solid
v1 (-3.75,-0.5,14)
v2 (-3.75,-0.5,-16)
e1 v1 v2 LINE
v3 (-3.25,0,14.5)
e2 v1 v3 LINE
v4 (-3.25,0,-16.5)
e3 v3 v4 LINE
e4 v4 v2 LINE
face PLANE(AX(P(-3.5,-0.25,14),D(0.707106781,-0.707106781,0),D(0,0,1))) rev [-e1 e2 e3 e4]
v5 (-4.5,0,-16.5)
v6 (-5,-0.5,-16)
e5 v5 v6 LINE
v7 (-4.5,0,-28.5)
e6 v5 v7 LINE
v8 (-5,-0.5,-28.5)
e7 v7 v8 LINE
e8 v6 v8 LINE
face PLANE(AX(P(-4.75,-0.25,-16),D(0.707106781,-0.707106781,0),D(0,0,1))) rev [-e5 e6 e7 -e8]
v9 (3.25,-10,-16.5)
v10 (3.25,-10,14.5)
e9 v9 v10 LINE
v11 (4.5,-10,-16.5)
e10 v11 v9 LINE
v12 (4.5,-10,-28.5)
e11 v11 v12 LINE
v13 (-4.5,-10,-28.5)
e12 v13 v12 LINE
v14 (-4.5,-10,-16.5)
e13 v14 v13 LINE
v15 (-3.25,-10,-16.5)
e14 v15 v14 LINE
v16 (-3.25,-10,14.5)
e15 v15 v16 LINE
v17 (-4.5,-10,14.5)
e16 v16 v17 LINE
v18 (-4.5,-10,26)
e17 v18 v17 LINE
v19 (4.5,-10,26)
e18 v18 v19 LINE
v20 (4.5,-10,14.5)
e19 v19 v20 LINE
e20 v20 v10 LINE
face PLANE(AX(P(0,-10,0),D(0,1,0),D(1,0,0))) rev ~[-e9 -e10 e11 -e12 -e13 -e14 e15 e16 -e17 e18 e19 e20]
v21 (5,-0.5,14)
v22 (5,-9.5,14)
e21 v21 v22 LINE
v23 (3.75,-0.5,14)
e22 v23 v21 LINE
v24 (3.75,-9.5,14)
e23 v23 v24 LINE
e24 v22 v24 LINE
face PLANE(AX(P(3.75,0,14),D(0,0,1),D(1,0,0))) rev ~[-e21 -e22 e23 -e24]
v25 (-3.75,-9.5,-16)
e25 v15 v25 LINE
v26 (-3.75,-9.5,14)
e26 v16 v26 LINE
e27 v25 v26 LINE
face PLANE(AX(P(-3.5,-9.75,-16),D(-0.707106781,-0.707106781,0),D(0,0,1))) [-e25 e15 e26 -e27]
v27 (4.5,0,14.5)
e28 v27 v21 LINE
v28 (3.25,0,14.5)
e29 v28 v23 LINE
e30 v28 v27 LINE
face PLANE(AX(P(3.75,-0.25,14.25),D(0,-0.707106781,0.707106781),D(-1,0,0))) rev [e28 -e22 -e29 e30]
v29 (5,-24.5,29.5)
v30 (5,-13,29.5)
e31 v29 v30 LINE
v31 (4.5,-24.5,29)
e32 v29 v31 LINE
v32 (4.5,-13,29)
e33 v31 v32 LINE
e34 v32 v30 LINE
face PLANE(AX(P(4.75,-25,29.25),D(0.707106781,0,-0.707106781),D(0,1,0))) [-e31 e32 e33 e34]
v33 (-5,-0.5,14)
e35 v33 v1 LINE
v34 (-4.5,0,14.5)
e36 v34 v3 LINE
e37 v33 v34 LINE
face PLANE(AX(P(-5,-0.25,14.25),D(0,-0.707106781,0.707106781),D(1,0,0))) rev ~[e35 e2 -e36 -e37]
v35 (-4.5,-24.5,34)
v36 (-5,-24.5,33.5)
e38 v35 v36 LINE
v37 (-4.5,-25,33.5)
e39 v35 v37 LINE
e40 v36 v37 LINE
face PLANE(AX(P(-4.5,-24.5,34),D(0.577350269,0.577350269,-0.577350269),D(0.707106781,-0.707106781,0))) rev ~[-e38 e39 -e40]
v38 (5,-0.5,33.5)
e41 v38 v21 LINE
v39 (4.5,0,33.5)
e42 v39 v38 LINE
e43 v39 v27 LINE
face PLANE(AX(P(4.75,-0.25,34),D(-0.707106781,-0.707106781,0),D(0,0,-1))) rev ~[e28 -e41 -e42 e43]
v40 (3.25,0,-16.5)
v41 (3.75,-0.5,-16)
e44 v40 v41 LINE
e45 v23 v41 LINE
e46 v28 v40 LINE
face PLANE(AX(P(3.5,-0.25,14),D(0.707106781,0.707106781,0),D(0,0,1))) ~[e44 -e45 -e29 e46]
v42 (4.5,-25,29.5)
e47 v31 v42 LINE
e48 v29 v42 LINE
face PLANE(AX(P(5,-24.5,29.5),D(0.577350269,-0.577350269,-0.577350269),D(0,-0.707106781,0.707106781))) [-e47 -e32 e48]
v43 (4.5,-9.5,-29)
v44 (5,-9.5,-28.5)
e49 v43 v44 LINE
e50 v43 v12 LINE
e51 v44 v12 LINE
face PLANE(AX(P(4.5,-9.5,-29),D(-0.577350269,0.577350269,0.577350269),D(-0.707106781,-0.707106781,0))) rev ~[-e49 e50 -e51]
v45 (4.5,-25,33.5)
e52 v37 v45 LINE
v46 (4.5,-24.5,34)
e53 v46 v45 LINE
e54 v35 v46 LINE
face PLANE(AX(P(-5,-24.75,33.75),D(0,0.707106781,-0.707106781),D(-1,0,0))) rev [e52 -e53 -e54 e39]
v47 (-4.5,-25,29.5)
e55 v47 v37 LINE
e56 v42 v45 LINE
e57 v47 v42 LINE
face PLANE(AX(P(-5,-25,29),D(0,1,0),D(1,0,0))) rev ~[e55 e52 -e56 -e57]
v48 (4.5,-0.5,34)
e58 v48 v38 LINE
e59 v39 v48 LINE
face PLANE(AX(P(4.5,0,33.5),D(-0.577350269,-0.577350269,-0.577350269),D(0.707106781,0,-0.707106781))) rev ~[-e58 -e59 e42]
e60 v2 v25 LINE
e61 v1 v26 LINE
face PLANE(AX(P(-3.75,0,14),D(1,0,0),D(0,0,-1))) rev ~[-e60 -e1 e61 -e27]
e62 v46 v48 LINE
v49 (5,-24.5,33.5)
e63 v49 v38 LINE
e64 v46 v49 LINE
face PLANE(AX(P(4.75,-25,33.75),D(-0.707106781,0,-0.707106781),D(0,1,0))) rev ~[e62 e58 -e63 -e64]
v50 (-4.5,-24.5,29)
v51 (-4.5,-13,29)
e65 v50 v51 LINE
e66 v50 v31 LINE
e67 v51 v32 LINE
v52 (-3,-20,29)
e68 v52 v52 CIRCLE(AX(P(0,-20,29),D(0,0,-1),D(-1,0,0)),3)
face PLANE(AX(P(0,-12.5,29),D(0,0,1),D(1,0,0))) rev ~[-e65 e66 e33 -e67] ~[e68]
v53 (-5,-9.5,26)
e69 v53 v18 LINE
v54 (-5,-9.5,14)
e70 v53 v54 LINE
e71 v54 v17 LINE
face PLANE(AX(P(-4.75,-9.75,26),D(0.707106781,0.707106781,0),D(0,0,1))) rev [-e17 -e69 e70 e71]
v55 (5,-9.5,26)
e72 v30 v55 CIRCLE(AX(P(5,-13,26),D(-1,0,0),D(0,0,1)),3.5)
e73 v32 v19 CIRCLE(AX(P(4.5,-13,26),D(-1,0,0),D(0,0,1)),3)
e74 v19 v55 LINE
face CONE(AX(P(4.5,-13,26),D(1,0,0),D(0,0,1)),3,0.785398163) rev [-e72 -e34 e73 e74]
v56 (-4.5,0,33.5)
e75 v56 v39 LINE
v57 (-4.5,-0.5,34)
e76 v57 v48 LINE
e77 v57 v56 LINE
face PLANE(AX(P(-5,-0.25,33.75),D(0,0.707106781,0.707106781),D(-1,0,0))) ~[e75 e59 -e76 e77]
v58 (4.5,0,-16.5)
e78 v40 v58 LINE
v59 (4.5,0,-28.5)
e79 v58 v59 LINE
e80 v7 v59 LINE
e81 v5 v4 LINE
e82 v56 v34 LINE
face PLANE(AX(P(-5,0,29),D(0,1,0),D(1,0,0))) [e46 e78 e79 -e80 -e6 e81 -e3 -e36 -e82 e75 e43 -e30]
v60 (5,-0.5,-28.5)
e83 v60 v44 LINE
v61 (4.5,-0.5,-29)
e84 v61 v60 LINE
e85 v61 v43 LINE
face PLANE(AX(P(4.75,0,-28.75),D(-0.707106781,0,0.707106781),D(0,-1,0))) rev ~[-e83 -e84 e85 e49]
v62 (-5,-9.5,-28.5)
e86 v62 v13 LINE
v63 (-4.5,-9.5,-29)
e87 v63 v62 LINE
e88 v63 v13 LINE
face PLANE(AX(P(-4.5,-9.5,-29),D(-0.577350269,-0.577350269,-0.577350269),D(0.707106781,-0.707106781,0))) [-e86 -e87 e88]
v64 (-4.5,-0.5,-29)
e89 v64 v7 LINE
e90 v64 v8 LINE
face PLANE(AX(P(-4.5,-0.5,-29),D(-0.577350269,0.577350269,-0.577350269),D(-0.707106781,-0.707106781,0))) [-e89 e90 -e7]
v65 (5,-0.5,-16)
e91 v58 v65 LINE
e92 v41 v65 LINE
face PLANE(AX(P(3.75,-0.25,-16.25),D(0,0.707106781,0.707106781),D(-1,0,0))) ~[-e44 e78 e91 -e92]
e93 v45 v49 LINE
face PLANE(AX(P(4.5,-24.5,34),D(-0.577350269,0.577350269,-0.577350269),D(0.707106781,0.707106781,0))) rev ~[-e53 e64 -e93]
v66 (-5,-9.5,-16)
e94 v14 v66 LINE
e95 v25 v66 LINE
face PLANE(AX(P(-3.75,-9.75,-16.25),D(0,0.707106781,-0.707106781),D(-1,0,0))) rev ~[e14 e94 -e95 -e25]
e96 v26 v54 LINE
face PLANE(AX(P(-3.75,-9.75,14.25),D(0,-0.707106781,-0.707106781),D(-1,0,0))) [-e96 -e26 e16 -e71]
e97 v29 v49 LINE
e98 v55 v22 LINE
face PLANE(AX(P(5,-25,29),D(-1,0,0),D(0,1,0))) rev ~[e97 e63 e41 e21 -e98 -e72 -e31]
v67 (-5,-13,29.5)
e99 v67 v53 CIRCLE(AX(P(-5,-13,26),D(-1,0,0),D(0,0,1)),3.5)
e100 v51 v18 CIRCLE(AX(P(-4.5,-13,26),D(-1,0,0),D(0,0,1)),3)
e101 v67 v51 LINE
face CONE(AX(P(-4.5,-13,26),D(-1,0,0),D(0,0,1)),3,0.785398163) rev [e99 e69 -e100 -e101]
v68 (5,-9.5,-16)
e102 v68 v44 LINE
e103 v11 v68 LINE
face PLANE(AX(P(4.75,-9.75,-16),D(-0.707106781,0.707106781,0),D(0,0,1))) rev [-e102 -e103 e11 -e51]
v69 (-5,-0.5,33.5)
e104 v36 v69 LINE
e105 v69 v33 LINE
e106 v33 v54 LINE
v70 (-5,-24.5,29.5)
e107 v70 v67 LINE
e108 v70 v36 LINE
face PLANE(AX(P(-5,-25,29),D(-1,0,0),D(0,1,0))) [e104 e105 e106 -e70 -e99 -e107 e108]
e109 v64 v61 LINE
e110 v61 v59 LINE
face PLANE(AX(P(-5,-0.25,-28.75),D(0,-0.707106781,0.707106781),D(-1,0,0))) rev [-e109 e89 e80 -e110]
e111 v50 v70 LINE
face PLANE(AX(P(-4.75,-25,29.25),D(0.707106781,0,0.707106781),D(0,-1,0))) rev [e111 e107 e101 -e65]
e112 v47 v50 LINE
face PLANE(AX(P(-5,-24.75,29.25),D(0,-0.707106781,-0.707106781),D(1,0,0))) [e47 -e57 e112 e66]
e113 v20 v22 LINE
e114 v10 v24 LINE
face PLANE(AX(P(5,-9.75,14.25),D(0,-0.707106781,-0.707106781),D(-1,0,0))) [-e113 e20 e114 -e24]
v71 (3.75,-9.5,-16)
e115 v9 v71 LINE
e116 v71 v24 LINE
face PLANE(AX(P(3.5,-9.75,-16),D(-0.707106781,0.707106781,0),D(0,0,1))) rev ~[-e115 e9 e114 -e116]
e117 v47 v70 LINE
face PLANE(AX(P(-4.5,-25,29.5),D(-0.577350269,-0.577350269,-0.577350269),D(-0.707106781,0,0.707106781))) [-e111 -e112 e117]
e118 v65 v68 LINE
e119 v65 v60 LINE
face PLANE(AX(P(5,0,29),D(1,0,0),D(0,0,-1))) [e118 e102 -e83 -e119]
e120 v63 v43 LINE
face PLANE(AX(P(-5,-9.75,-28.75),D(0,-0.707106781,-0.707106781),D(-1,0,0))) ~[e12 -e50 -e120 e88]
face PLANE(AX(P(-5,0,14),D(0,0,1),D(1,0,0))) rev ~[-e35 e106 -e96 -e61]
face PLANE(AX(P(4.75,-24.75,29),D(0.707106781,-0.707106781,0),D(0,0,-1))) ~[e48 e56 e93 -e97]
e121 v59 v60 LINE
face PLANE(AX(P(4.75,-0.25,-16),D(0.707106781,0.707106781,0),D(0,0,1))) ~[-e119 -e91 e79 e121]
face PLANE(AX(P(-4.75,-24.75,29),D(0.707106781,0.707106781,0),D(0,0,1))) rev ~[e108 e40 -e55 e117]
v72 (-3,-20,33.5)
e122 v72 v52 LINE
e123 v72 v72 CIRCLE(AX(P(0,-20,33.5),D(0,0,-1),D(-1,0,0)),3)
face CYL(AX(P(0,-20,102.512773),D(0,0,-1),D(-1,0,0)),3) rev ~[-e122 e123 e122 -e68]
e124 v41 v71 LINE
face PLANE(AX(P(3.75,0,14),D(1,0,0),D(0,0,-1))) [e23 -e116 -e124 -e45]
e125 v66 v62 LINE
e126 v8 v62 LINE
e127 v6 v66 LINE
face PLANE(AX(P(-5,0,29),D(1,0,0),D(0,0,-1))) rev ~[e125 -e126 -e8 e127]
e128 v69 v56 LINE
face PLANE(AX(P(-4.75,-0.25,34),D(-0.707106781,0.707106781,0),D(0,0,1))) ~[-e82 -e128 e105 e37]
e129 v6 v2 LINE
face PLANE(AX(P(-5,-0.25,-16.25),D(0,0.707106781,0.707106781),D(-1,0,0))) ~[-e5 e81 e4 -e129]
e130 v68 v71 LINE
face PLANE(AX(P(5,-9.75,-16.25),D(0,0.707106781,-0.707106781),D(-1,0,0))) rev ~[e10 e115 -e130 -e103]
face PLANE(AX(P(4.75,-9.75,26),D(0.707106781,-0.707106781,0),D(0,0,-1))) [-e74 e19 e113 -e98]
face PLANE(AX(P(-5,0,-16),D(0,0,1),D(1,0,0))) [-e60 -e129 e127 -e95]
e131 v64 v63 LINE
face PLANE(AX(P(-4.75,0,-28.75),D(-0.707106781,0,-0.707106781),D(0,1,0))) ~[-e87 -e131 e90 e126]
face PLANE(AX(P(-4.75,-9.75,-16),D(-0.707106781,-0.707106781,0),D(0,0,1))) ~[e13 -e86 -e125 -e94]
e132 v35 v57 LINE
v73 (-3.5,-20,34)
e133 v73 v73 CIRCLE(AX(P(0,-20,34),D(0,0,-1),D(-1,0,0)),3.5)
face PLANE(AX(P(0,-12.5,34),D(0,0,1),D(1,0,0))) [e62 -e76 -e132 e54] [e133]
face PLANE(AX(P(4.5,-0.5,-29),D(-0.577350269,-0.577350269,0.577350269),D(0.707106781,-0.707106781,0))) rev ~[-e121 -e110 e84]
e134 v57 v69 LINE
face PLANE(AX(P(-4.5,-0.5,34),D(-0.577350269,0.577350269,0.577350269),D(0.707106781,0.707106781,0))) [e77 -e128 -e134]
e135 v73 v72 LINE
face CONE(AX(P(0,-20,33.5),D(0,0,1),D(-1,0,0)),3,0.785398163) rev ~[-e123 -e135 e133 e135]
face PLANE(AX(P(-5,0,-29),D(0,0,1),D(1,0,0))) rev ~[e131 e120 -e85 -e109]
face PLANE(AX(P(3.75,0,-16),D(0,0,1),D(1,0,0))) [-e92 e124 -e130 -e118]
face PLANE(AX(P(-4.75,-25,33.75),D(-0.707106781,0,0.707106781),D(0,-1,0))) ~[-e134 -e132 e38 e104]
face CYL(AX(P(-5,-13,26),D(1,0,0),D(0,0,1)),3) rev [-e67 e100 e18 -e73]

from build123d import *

# Parameters (mm, degrees)
SKETCH1_W            = 10
SKETCH1_H            = 58
BOSS_EXTRUDE1_DEPTH  = 10
CUT_EXTRUDE1_REACH   = 33.081
SKETCH2_W            = 1.25
SKETCH2_H            = 30
SKETCH3_W            = 10
SKETCH3_H            = 25
BOSS_EXTRUDE2_DEPTH  = 5
FILLET1_R            = 3
M5_CLEARANCE_HOLE1_D = 6
CHAMFER1_SIZE        = 0.5


with BuildPart() as part:
    # Sketch1 → Boss-Extrude1 (new body)
    with BuildSketch(Plane(origin=(0, 0, 0), x_dir=(1, 0, 0), z_dir=(0, 1, 0))):
        Rectangle(SKETCH1_W, SKETCH1_H)
    extrude(amount=-BOSS_EXTRUDE1_DEPTH)

    # Sketch2 → Cut-Extrude1 (cut, up to next)
    with BuildSketch(Plane(origin=(0, 0, 0), x_dir=(1, 0, 0), z_dir=(0, 1, 0)), mode=Mode.PRIVATE) as cut_extrude1_sk1:
        with Locations((-4.375, 1)):
            Rectangle(SKETCH2_W, SKETCH2_H)
    cut_extrude1_tool1 = extrude(cut_extrude1_sk1.sketch, amount=-CUT_EXTRUDE1_REACH, mode=Mode.PRIVATE) & part.part
    # Sketch2 → Cut-Extrude1 (cut, up to next)
    with BuildSketch(Plane(origin=(0, 0, 0), x_dir=(1, 0, 0), z_dir=(0, 1, 0)), mode=Mode.PRIVATE) as cut_extrude1_sk2:
        with Locations((4.375, 1)):
            Rectangle(SKETCH2_W, SKETCH2_H)
    cut_extrude1_tool2 = extrude(cut_extrude1_sk2.sketch, amount=-CUT_EXTRUDE1_REACH, mode=Mode.PRIVATE) & part.part
    add(cut_extrude1_tool1.solids().sort_by_distance((-4.375, 0, -1))[0], mode=Mode.SUBTRACT)
    add(cut_extrude1_tool2.solids().sort_by_distance((4.375, 0, -1))[0], mode=Mode.SUBTRACT)

    # Sketch3 → Boss-Extrude2 (add)
    with BuildSketch(Plane.XY.offset(29)):
        with Locations((0, -12.5)):
            Rectangle(SKETCH3_W, SKETCH3_H)
    extrude(amount=BOSS_EXTRUDE2_DEPTH)

    # Fillet1
    fillet1_edges = [part.edges().sort_by_distance(p)[0] for p in [
        (0, -10, 29),
    ]]
    fillet(fillet1_edges, radius=FILLET1_R)

    # M5 Clearance Hole1 (through all)
    with Locations(Plane.XY.offset(34)):
        with Locations((0, -20)):
            Hole(M5_CLEARANCE_HOLE1_D / 2)

    # Chamfer1
    chamfer1_edges = [part.edges().sort_by_distance(p)[0] for p in [
        (-5, -10, -22.5),
        (5, 0, -22.5),
        (-5, 0, 24),
        (5, -10, -22.5),
        (-5, -10, 20),
        (-4.375, -10, -16),
        (-3.75, -10, -1),
        (-4.375, -10, 14),
        (-4.375, 0, 14),
        (-3.75, 0, -1),
        (-4.375, 0, -16),
        (4.375, -10, 14),
        (3.75, -10, -1),
        (4.375, -10, -16),
        (4.375, 0, -16),
        (3.75, 0, -1),
        (4.375, 0, 14),
        (0, -25, 29),
        (-5, -25, 31.5),
        (5, -19, 29),
        (5, -25, 31.5),
        (-5, -12.5, 34),
        (0, -25, 34),
        (5, -12.5, 34),
        (0, 0, 34),
        (-5, 0, -22.5),
        (0, 0, -29),
        (-5, -19, 29),
        (5, -10, 20),
        (5, -10.878679656, 28.121320344),
        (-5, -10.878679656, 28.121320344),
        (5, 0, 24),
        (3, -20, 34),
        (-5, -5, -29),
        (5, -5, -29),
        (0, -10, -29),
    ]]
    chamfer(chamfer1_edges, length=CHAMFER1_SIZE)


solid = part.part
